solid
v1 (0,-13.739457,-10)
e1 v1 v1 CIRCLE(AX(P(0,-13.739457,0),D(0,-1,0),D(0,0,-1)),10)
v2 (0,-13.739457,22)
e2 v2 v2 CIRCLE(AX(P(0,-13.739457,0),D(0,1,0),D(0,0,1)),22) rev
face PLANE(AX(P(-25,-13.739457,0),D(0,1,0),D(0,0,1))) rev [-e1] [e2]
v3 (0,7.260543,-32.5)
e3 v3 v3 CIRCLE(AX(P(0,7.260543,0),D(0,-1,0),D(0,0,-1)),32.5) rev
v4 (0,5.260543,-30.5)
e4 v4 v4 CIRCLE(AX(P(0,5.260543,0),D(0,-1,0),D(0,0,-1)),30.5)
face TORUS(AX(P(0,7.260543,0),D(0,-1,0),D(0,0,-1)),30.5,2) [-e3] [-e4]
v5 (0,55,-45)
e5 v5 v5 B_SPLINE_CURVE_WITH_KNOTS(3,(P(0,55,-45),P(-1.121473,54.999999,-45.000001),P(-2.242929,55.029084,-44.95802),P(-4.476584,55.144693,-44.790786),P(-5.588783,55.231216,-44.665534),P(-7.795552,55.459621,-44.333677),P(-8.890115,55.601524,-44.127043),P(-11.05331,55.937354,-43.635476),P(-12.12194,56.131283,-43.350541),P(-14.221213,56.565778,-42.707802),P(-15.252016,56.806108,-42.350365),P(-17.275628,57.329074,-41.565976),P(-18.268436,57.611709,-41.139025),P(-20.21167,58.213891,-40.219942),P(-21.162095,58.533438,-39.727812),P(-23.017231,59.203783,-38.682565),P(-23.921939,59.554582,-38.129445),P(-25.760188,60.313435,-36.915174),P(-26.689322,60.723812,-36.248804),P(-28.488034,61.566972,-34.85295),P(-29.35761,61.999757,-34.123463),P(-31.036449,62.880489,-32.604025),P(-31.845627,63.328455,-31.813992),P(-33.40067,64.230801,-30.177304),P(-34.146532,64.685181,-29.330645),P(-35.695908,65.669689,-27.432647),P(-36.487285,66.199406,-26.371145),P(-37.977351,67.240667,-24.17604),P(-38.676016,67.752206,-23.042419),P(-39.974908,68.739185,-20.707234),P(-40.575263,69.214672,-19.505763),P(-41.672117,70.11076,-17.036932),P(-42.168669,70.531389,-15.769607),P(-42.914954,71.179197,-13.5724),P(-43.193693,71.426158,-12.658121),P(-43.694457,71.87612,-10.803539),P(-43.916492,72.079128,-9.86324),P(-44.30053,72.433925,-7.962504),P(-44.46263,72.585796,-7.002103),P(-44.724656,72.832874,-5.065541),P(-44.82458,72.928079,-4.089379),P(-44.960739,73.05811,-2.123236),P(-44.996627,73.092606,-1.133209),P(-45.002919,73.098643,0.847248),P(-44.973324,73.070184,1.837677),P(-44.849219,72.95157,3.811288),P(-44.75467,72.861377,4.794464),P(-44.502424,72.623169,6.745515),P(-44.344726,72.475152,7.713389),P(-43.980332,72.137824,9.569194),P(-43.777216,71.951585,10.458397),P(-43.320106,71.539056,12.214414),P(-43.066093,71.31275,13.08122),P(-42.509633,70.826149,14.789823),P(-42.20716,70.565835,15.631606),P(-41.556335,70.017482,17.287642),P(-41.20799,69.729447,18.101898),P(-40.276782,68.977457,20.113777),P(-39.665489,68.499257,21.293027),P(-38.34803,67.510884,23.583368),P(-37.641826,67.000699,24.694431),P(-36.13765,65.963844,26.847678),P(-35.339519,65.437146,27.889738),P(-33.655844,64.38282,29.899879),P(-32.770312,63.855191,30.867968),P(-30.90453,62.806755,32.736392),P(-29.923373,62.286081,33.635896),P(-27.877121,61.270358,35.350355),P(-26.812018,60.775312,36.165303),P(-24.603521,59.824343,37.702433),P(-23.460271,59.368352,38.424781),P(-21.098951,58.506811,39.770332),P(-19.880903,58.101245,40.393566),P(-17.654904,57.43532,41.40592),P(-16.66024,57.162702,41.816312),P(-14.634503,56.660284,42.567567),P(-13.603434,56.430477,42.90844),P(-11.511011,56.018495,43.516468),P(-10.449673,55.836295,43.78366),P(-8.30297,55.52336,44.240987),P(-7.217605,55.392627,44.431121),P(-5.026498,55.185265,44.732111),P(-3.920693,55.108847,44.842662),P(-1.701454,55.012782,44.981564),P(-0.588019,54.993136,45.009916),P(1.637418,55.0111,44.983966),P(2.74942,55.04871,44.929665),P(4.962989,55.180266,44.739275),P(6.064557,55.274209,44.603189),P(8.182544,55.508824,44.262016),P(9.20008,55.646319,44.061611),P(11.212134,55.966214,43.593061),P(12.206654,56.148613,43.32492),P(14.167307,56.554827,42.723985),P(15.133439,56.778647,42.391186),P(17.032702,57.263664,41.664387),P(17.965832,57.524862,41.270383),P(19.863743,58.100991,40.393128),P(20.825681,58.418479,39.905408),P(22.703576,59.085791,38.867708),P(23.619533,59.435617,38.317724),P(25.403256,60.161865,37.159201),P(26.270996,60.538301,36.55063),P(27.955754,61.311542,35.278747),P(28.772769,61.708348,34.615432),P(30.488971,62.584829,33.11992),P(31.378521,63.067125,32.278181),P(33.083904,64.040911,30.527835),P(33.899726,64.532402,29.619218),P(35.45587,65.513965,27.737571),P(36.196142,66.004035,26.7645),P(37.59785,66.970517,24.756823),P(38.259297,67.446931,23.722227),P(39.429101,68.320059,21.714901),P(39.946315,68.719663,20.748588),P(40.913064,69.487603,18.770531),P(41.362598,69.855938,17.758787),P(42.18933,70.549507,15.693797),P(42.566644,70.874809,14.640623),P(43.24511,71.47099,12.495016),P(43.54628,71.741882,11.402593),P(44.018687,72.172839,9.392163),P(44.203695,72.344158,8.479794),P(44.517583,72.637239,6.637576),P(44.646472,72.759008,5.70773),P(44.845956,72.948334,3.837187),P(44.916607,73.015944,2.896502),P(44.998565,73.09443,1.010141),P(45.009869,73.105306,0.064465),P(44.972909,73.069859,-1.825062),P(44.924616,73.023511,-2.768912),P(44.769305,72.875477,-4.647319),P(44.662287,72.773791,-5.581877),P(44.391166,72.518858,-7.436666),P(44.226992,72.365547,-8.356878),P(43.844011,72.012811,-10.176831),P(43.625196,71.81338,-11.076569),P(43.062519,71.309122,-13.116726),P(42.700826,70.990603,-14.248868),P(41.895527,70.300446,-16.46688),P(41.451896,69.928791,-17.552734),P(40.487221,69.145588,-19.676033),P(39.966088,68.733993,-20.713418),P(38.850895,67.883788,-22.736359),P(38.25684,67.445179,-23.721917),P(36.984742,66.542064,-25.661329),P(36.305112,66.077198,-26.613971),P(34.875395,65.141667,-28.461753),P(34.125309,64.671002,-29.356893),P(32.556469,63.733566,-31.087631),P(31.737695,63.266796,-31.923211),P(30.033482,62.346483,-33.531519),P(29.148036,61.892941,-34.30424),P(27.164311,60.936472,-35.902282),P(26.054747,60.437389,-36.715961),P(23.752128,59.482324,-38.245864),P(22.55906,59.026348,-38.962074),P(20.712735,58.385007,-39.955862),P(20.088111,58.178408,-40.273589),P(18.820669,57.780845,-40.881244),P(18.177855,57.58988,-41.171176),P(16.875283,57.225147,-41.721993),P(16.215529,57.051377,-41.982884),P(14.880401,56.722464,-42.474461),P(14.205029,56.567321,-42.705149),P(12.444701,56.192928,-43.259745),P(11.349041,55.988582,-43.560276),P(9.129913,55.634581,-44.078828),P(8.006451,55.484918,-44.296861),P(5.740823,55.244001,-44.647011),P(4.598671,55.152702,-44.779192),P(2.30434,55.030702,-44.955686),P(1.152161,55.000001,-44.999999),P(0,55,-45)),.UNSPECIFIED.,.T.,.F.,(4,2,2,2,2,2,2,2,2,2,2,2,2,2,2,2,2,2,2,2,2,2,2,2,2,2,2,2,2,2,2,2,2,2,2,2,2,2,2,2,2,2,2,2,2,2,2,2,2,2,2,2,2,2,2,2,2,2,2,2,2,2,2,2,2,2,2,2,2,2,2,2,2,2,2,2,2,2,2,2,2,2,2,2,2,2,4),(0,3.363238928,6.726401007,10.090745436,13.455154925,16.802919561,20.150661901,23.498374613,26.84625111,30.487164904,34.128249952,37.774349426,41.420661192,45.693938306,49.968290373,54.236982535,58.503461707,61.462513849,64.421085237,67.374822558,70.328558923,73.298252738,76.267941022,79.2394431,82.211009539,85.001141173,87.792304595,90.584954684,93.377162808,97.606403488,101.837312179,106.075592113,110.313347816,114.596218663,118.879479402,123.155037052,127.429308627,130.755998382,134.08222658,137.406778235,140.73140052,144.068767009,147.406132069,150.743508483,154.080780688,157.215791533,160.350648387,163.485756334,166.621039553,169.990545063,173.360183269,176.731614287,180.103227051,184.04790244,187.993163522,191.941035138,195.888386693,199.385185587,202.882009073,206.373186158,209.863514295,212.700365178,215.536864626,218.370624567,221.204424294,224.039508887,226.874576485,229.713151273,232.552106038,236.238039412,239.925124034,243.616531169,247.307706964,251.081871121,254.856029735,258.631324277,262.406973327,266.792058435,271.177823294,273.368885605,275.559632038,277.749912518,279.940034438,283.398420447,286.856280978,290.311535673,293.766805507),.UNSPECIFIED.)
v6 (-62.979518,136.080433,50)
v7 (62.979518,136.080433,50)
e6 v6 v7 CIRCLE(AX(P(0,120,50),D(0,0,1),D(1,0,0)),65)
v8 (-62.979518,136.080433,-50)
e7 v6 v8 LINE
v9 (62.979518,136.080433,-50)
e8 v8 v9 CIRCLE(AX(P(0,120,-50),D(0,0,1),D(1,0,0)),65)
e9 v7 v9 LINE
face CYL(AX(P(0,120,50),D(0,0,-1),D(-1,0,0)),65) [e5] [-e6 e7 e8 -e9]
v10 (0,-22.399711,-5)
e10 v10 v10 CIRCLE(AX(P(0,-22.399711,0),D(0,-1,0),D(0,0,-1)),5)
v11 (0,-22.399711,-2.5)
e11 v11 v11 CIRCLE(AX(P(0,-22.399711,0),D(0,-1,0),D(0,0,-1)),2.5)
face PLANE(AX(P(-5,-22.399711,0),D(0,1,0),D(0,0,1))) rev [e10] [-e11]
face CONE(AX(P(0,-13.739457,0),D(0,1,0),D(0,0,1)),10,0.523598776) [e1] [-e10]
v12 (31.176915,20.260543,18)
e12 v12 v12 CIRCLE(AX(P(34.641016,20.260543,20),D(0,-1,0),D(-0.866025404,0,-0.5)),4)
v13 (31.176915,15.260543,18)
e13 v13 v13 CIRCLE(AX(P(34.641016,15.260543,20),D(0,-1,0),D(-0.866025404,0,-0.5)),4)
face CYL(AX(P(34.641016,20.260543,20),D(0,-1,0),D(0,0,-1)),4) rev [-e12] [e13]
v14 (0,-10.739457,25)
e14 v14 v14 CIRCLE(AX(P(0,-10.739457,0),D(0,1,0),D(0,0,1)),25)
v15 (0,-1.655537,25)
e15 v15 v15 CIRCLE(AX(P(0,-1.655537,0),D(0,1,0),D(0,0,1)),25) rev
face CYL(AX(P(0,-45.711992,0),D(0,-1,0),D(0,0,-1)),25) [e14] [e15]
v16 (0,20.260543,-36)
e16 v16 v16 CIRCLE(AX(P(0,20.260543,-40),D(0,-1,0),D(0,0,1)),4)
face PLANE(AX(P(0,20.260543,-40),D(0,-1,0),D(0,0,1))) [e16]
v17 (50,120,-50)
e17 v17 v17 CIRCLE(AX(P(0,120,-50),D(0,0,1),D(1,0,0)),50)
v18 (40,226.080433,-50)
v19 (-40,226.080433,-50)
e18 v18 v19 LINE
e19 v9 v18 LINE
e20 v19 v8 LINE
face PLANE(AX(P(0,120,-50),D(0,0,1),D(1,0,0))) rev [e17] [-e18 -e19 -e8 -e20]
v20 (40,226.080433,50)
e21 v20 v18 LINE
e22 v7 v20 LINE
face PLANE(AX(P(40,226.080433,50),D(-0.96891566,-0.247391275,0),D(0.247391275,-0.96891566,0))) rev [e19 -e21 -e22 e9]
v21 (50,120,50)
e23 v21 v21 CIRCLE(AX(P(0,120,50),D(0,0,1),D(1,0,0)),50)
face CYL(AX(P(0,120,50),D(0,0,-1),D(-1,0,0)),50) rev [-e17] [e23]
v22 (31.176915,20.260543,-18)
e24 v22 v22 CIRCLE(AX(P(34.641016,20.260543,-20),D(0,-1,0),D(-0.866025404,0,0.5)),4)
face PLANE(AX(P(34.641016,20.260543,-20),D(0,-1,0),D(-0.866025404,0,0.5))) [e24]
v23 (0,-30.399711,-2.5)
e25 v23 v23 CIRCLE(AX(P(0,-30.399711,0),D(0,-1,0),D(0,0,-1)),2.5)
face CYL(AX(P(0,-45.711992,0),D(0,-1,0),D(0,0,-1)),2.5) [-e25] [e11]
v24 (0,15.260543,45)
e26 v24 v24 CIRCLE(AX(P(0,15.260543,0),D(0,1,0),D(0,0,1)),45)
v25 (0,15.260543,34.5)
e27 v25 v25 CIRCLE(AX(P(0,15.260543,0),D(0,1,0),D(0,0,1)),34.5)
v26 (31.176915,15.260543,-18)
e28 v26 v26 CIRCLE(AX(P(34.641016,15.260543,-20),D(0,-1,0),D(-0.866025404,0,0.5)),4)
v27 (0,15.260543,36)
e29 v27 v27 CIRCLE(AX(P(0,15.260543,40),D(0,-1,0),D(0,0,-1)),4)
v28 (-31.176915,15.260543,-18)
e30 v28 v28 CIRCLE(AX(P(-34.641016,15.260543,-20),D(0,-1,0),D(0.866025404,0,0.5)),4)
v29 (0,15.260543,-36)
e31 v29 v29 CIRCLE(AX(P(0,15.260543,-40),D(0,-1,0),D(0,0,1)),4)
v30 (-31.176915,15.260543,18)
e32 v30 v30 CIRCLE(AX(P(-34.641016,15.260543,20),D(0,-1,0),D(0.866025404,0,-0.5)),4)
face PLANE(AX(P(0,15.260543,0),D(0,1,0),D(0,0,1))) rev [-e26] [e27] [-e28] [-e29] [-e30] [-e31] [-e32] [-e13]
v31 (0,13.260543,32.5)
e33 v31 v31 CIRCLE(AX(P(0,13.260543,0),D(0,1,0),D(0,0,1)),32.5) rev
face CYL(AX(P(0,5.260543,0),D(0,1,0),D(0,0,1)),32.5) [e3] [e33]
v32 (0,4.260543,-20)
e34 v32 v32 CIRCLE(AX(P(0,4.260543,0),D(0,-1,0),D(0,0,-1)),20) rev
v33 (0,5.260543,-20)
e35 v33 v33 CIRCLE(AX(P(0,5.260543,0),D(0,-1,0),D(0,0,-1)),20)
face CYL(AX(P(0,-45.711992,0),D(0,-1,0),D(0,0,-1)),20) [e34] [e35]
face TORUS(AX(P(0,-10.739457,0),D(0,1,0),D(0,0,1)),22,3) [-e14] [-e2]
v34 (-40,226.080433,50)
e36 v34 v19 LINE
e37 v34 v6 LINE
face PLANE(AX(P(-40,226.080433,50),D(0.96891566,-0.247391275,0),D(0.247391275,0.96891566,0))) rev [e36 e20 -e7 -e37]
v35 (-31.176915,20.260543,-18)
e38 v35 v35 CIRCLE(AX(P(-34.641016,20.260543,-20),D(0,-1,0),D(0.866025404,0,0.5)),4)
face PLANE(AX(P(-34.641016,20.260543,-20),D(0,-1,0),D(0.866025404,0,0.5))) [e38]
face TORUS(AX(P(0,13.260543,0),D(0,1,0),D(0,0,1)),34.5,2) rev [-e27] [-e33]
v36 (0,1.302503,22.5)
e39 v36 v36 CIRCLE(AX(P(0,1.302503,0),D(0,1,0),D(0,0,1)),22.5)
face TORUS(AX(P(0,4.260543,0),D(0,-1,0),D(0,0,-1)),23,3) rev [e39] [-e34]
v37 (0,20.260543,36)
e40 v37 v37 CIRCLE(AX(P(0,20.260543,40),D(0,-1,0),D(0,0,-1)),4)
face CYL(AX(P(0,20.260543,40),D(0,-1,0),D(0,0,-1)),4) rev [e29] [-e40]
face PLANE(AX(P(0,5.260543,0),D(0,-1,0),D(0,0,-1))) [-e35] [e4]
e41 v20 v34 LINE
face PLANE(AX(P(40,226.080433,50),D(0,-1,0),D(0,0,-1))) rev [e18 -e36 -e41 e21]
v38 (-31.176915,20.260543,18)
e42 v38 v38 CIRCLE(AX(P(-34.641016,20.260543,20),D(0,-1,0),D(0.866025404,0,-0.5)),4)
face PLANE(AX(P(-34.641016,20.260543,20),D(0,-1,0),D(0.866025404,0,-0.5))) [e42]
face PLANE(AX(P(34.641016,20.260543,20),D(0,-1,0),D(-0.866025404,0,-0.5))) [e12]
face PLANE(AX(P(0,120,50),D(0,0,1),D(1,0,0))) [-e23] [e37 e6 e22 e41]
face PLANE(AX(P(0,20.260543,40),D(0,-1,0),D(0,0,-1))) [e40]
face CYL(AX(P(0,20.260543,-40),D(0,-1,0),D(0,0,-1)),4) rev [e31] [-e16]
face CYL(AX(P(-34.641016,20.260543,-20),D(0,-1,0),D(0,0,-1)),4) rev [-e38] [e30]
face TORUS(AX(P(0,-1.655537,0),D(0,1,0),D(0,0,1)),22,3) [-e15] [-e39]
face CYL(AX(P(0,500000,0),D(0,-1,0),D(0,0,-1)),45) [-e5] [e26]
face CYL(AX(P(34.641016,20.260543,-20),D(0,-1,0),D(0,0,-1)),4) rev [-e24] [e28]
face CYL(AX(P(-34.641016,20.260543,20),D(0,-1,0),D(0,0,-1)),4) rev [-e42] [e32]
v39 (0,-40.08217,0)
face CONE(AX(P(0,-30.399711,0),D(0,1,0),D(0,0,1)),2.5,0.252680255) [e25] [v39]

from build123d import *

# Parameters (mm, degrees)
FILLET1_R                = 3
FILLET2_R                = 3
SKETCH2_R                = 50
BOSS_EXTRUDE1_DEPTH      = 50
BOSS_EXTRUDE3_REACH      = 228.208
BOSS_EXTRUDE3_END_RADIUS = 65
SKETCH3_R                = 45
SKETCH4_R                = 32.5
BOSS_EXTRUDE4_DEPTH      = 10
FILLET3_R                = 2
FILLET4_R                = 2
SKETCH5_R                = 4
CUT_EXTRUDE1_DEPTH       = 5
CIRPATTERN1_COUNT        = 6


with BuildPart() as part:
    # Sketch1 → Revolve1 (revolve)
    with BuildSketch(Plane.XY, mode=Mode.PRIVATE) as revolve1_sk:
        Polygon((0, 15.260542724), (-20, 15.260542724), (-20, 1.260542724), (-25, 1.260542724), (-25, -13.739457276), (-10, -13.739457276), (-5, -22.399711314), (-2.5, -22.399711314), (-2.5, -30.399711314), (0, -40.08216968), align=None)
    revolve(revolve1_sk.sketch.rotate(Axis((0, -45.711991755, 0), (0, 1, 0)), 270), axis=Axis((0, -45.711991755, 0), (0, 1, 0)))

    # Fillet1
    fillet1_edges = [part.edges().sort_by_distance(p)[0] for p in [
        (0, 1.260542724, 20),
    ]]
    fillet(fillet1_edges, radius=FILLET1_R)

    # Fillet2
    fillet2_edges = [part.edges().sort_by_distance(p)[0] for p in [
        (0, -13.739457276, 25),
        (0, 1.260542724, 25),
    ]]
    fillet(fillet2_edges, radius=FILLET2_R)



with BuildPart() as body_2:
    # Sketch2 → Boss-Extrude1 (new, symmetric)
    with BuildSketch(Plane.XY):
        with BuildLine():
            Line((40, 226.080432899), (-40, 226.080432899))
            Line((-40, 226.080432899), (-62.979517923, 136.080432899))
            ThreePointArc((-62.979517923, 136.080432899), (0, 55), (62.979517923, 136.080432899))
            Line((62.979517923, 136.080432899), (40, 226.080432899))
        make_face()
        with Locations((0, 120)):
            Circle(SKETCH2_R, mode=Mode.SUBTRACT)
    extrude(amount=BOSS_EXTRUDE1_DEPTH, both=True)


with BuildPart() as part_1:
    add(part.part)

    add(body_2.part)  # Boss-Extrude3 merges body 2
    # Boss-Extrude3: up to this cylinder (the profile starts outside it)
    boss_extrude3_end = Plane(origin=(0, 120, 0), z_dir=(0, 0, -1)) * Cylinder(BOSS_EXTRUDE3_END_RADIUS, 587.416, mode=Mode.PRIVATE)
    # Sketch3 → Boss-Extrude3 (add, up to the surface)
    with BuildSketch(Plane(origin=(0, 15.260542724, 0), x_dir=(1, 0, 0), z_dir=(0, 1, 0)), mode=Mode.PRIVATE) as boss_extrude3_sk1:
        with Locations(Location((0, 0, 0), (0, 0, 90))):
            Circle(SKETCH3_R)
    boss_extrude3_tool1 = extrude(boss_extrude3_sk1.sketch, amount=BOSS_EXTRUDE3_REACH, mode=Mode.PRIVATE) - boss_extrude3_end
    add(boss_extrude3_tool1.solids().sort_by_distance((0, 15.260543, 0))[0])

    # Sketch4 → Boss-Extrude4 (add)
    with BuildSketch(Plane.XZ.offset(-15.260542724)):
        with Locations(Location((0, 0, 0), (0, 0, 90))):
            Circle(SKETCH4_R)
    extrude(amount=BOSS_EXTRUDE4_DEPTH)

    # Fillet3
    fillet3_edges = [part_1.edges().sort_by_distance(p)[0] for p in [
        (0, 15.260542724, -32.5),
    ]]
    fillet(fillet3_edges, radius=FILLET3_R)

    # Fillet4
    fillet4_edges = [part_1.edges().sort_by_distance(p)[0] for p in [
        (0, 5.260542724, -32.5),
    ]]
    fillet(fillet4_edges, radius=FILLET4_R)

    # Sketch5 → Cut-Extrude1 (cut)
    with BuildSketch(Plane.XZ.offset(-15.260542724)):
        with Locations(Location((0, 40, 0), (0, 0, 270))):
            Circle(SKETCH5_R)
    cut_extrude1 = extrude(amount=-CUT_EXTRUDE1_DEPTH, mode=Mode.SUBTRACT)

    # CirPattern1: Cut-Extrude1 ×6 about axis
    cirpattern1_axis = Axis((0, 0, 0), (0, 1, 0))
    for i in range(1, CIRPATTERN1_COUNT):
        add(cut_extrude1.rotate(cirpattern1_axis, i * 360 / CIRPATTERN1_COUNT), mode=Mode.SUBTRACT)


solid = part_1.part
